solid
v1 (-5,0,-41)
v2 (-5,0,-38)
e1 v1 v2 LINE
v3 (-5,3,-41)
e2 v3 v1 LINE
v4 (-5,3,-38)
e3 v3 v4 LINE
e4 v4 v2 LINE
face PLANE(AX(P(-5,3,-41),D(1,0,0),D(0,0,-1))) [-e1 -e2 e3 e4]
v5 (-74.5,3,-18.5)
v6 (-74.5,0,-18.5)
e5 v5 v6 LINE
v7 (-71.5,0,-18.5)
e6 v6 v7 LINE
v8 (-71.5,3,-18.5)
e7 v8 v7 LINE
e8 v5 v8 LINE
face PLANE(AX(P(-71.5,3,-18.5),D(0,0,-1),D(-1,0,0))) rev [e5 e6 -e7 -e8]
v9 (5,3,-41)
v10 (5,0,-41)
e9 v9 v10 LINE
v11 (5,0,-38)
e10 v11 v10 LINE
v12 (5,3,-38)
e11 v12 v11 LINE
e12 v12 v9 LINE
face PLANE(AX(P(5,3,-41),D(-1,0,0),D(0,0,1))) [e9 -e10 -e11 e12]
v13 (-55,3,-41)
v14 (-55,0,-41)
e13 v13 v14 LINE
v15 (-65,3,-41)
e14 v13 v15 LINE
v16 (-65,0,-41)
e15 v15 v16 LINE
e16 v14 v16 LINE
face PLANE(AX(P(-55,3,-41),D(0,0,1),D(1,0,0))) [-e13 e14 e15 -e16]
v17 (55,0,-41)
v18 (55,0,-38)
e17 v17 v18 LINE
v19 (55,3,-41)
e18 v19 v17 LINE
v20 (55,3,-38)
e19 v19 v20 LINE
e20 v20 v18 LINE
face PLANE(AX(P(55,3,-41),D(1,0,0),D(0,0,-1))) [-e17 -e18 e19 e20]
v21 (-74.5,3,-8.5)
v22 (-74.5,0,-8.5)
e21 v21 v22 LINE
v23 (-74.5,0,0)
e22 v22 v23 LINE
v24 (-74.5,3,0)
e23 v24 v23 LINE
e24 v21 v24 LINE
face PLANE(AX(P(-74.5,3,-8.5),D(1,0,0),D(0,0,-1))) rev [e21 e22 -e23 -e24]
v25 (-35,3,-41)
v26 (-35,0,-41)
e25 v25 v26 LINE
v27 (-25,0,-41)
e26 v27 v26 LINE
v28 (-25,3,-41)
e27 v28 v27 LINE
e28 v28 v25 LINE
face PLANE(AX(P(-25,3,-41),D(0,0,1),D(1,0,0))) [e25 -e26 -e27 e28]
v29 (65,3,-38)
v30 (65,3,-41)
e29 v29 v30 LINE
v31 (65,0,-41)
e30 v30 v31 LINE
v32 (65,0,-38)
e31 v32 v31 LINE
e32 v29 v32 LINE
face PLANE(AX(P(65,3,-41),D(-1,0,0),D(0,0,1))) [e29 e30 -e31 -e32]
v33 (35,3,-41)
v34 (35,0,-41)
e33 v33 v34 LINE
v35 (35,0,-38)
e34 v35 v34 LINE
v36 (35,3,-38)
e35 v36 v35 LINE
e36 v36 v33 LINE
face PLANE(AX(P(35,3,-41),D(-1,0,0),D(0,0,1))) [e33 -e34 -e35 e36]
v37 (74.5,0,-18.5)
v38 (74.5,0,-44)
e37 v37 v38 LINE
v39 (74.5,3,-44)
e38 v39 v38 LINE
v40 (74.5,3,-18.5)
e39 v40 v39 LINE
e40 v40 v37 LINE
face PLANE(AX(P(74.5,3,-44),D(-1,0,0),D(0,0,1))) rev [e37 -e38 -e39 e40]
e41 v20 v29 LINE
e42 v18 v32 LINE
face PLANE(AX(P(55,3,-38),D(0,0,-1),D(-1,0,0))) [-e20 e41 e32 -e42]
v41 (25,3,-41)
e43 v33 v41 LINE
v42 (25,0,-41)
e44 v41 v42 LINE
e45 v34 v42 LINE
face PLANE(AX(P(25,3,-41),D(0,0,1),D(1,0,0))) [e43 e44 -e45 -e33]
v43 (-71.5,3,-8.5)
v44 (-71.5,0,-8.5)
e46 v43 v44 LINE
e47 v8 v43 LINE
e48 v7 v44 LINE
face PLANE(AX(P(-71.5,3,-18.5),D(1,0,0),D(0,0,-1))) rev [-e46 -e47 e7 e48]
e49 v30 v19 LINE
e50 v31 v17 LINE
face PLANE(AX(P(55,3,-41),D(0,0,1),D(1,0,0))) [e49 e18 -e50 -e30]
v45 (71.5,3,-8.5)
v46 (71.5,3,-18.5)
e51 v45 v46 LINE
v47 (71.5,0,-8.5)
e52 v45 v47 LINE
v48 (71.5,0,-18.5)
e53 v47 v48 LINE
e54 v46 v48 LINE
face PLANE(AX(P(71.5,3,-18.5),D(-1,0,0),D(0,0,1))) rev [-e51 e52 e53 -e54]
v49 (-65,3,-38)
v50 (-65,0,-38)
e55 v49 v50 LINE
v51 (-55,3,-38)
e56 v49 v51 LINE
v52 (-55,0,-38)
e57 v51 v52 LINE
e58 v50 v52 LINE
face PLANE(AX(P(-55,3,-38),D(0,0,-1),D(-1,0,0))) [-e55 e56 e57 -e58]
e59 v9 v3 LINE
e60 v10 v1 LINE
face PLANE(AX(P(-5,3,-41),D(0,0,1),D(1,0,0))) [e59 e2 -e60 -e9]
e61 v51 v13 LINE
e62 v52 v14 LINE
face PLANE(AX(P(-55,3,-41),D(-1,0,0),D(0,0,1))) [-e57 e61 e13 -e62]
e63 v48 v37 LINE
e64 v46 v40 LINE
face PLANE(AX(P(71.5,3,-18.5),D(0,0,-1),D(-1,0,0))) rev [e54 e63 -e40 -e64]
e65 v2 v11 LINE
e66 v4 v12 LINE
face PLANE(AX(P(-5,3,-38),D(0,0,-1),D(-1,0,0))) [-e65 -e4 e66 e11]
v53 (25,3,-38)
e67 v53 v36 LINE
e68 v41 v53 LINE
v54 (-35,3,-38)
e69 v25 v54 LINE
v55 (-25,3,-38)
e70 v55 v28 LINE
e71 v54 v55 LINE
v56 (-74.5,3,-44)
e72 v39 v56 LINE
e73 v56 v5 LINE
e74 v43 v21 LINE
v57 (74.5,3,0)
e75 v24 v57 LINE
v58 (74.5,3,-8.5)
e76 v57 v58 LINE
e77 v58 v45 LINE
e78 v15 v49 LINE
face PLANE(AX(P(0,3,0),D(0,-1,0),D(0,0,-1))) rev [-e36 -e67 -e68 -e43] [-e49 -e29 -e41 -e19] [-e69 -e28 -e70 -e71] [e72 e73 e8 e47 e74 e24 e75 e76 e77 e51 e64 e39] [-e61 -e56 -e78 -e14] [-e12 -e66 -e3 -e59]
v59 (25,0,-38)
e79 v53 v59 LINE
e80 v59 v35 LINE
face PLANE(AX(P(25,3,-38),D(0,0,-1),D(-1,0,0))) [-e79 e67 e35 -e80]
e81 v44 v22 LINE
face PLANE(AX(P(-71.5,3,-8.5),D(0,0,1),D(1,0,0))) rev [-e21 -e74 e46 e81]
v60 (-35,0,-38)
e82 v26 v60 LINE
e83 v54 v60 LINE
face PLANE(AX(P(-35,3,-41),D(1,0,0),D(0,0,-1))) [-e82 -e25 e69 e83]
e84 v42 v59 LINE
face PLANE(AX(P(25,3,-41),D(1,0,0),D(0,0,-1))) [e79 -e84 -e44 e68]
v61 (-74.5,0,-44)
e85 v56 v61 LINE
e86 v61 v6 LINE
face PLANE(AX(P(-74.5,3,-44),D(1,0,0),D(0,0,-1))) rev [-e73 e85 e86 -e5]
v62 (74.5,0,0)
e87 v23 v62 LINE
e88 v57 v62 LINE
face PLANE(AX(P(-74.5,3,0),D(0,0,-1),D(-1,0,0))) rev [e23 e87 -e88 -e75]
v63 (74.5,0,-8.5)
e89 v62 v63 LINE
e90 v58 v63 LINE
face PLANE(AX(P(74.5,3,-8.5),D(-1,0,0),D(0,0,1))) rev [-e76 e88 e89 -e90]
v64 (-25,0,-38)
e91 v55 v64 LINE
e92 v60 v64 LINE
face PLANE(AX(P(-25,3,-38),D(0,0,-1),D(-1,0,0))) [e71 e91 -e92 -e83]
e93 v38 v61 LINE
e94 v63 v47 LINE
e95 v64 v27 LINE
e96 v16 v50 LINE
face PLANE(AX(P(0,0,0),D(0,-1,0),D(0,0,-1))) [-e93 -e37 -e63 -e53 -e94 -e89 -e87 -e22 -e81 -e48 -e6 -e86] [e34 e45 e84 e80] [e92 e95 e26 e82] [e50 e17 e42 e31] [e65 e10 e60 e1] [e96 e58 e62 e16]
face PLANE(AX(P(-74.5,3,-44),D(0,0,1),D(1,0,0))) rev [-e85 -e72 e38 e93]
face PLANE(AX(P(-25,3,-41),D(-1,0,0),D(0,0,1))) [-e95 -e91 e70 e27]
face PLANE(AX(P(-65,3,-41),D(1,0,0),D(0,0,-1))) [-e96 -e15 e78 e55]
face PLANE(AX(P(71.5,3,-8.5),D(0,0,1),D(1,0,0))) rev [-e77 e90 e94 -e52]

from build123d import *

# Parameters (mm, degrees)
SKETCH1_W           = 10
SKETCH1_H           = 3
BOSS_EXTRUDE1_DEPTH = 3


with BuildPart() as part:
    # Sketch1 → Boss-Extrude1 (new body)
    with BuildSketch(Plane(origin=(0, 0, 0), x_dir=(1, 0, 0), z_dir=(0, 1, 0))):
        Polygon((-74.5, 44), (74.5, 44), (74.5, 18.5), (71.5, 18.5), (71.5, 8.5), (74.5, 8.5), (74.5, 0), (-74.5, 0), (-74.5, 8.5), (-71.5, 8.5), (-71.5, 18.5), (-74.5, 18.5), align=None)
        with Locations((0, 39.5)):
            Rectangle(SKETCH1_W, SKETCH1_H, mode=Mode.SUBTRACT)
        with Locations((30, 39.5)):
            Rectangle(SKETCH1_W, SKETCH1_H, mode=Mode.SUBTRACT)
        with Locations((60, 39.5)):
            Rectangle(SKETCH1_W, SKETCH1_H, mode=Mode.SUBTRACT)
        with Locations((-60, 39.5)):
            Rectangle(SKETCH1_W, SKETCH1_H, mode=Mode.SUBTRACT)
        with Locations((-30, 39.5)):
            Rectangle(SKETCH1_W, SKETCH1_H, mode=Mode.SUBTRACT)
    extrude(amount=BOSS_EXTRUDE1_DEPTH)


solid = part.part
